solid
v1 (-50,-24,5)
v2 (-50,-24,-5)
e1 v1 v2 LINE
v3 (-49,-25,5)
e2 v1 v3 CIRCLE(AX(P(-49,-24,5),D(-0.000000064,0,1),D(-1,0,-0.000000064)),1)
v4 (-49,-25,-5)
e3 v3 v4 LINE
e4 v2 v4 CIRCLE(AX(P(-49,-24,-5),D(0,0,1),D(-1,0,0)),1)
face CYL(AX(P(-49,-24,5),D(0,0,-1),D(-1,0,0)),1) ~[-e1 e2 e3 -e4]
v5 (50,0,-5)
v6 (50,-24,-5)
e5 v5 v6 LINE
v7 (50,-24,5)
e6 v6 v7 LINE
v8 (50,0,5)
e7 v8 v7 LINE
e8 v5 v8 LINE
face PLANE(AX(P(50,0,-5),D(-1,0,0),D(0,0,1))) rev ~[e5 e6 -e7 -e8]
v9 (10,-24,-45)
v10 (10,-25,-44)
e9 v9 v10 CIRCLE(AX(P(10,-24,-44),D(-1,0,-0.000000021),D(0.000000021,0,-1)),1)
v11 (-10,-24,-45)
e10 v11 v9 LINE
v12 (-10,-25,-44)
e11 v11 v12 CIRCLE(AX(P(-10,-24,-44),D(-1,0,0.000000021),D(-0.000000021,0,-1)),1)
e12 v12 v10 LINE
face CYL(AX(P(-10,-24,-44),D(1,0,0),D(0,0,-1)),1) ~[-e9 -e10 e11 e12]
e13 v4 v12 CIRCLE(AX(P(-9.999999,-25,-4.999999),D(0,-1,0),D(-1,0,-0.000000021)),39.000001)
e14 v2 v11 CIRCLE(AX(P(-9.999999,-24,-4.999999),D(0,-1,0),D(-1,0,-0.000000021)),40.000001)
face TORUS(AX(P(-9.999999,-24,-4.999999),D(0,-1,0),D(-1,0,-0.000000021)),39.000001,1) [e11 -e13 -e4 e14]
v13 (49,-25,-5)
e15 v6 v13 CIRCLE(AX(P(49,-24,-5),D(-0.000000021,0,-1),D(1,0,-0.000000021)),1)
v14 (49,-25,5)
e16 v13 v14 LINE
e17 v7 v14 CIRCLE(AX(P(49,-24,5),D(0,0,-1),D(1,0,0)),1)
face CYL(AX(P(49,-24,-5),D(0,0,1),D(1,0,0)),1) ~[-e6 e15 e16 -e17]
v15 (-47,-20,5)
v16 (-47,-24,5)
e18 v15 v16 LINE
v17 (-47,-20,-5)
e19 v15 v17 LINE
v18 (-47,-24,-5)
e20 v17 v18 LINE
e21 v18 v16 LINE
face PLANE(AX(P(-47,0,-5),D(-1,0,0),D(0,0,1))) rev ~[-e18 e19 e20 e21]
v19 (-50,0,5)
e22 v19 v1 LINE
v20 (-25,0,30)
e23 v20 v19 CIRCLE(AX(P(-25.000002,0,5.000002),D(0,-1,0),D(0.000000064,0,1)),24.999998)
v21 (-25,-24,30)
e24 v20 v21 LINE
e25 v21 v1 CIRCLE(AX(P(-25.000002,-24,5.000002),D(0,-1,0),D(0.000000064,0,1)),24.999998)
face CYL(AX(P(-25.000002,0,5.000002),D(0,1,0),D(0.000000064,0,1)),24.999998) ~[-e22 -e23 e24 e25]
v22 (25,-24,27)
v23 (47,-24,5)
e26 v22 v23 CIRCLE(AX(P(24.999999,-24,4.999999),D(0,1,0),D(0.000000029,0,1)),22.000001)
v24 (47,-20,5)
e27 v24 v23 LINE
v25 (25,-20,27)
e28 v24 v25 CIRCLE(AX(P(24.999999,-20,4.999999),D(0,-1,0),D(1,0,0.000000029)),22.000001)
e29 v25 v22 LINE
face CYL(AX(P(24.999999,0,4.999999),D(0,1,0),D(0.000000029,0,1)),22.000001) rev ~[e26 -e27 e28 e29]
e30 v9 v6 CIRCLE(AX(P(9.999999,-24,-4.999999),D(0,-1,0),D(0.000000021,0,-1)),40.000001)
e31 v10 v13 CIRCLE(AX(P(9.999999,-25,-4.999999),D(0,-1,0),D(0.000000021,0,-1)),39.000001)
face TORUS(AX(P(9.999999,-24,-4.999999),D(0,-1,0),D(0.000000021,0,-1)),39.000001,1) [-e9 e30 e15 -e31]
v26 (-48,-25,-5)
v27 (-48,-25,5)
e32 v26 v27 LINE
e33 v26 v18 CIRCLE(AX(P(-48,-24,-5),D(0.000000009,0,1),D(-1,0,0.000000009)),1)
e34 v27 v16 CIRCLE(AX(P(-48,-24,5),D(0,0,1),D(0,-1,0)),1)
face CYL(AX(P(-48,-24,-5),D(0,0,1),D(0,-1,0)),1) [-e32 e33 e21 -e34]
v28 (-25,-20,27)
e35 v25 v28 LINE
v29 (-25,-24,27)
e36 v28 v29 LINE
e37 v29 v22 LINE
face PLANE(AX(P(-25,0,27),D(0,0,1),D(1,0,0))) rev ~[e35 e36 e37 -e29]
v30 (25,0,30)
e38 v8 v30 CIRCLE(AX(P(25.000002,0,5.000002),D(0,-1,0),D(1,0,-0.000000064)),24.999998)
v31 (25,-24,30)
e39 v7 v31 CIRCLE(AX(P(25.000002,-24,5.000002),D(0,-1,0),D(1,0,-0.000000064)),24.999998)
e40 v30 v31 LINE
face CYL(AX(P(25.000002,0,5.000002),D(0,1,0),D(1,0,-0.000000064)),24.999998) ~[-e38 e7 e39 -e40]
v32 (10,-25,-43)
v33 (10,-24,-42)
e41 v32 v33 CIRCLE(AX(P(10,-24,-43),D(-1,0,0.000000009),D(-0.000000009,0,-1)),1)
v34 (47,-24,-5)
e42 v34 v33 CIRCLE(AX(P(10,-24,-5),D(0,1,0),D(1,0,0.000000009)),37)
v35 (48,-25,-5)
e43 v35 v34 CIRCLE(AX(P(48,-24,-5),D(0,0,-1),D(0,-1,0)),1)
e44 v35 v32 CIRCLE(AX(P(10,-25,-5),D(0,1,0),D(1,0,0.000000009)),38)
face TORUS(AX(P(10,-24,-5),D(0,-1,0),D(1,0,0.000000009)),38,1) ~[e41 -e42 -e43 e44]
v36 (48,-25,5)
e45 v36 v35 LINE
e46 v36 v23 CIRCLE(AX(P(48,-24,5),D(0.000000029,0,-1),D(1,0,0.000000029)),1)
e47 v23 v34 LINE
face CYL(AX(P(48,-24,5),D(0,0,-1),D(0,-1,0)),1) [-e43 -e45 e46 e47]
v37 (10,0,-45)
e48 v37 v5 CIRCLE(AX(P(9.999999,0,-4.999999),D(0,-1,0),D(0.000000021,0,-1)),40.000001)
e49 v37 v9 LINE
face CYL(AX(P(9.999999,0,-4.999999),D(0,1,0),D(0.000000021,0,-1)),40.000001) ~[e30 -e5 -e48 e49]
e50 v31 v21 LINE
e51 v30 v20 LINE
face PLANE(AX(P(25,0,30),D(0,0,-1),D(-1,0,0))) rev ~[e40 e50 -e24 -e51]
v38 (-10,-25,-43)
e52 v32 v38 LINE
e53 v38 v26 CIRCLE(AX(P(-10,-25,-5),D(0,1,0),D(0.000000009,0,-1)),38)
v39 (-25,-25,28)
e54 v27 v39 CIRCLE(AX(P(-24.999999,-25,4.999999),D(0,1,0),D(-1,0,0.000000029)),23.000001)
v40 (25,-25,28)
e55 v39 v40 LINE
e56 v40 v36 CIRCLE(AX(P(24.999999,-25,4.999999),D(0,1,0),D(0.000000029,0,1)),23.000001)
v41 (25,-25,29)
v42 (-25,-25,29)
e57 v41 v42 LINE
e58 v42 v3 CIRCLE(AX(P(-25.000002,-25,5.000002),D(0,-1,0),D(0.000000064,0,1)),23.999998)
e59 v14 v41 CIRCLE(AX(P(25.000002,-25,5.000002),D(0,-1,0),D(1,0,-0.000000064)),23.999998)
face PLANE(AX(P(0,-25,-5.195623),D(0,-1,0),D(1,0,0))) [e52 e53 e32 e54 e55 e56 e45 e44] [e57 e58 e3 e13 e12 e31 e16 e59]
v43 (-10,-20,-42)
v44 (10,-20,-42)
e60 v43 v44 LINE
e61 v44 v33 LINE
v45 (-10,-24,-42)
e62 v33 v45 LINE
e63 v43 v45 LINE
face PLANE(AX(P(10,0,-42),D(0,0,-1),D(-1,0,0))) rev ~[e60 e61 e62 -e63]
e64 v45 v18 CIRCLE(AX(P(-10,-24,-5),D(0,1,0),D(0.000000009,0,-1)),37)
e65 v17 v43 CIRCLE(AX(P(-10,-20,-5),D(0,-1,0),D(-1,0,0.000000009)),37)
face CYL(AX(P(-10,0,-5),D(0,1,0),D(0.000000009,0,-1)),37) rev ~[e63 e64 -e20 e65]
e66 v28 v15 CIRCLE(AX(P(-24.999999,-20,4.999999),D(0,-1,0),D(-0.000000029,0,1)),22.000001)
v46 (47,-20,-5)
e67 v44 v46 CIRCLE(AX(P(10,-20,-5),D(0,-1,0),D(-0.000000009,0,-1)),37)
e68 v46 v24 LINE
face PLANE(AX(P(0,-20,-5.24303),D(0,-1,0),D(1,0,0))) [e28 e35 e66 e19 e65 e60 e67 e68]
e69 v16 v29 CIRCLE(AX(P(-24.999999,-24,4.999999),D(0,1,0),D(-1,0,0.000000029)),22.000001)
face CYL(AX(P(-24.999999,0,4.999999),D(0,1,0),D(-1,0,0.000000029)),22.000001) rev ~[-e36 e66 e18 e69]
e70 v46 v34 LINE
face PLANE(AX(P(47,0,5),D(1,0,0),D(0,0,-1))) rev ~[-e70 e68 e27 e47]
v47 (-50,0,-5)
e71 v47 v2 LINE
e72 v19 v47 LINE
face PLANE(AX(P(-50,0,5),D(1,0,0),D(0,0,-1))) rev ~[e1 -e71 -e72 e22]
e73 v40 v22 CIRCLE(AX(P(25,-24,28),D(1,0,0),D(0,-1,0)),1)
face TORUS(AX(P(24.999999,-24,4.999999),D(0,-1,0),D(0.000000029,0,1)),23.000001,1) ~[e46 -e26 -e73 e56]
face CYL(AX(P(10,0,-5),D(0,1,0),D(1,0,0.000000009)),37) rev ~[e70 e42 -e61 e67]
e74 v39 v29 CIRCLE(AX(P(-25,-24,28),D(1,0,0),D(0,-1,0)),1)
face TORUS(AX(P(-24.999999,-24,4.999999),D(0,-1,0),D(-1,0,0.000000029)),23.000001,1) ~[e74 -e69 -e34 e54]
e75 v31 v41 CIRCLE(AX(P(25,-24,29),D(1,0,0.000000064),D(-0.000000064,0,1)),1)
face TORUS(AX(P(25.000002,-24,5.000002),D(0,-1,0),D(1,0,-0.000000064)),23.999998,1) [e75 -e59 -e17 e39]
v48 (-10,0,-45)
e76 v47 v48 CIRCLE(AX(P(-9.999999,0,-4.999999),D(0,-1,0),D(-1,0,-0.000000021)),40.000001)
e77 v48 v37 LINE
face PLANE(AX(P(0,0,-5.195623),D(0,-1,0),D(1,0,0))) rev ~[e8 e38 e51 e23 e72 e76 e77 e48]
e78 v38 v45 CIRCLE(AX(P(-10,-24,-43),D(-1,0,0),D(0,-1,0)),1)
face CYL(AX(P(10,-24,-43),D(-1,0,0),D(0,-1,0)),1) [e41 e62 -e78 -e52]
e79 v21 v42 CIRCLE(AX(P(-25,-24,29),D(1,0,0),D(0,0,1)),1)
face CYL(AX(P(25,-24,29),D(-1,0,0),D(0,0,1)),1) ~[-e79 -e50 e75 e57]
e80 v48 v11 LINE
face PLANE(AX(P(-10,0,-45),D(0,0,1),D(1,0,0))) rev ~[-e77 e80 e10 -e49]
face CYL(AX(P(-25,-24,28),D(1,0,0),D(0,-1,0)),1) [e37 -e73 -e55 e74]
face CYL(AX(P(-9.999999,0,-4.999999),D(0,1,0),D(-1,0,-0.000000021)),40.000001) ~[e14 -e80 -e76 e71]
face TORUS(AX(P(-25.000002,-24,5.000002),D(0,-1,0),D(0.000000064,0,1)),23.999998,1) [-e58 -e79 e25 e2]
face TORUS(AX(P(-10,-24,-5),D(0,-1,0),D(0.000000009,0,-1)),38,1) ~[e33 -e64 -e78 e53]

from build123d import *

# Parameters (mm, degrees)
F1_DEPTH = 20
F2_DEPTH = 25
F3_R     = 1


with BuildPart() as f1:
    # F0 (on Front) → F1 (new body)
    with BuildSketch(Plane.XZ):
        with BuildLine():
            Line((25, 27), (-25, 27))
            ThreePointArc((-25, 27), (-40.556349, 20.556349), (-47, 5))
            Line((-47, 5), (-47, -5))
            ThreePointArc((-47, -5), (-36.162951, -31.162951), (-10, -42))
            Line((-10, -42), (10, -42))
            ThreePointArc((10, -42), (36.162951, -31.162951), (47, -5))
            Line((47, -5), (47, 5))
            ThreePointArc((47, 5), (40.556349, 20.556349), (25, 27))
        make_face()
    extrude(amount=F1_DEPTH)

    # F0 (on Front) → F2 (join)
    with BuildSketch(Plane.XZ):
        with BuildLine():
            ThreePointArc((10, -45), (38.284271, -33.284271), (50, -5))
            Line((50, -5), (50, 5))
            ThreePointArc((50, 5), (42.67767, 22.67767), (25, 30))
            Line((25, 30), (-25, 30))
            ThreePointArc((-25, 30), (-42.67767, 22.67767), (-50, 5))
            Line((-50, 5), (-50, -5))
            ThreePointArc((-50, -5), (-38.284271, -33.284271), (-10, -45))
            Line((-10, -45), (10, -45))
        make_face()
        with BuildLine():
            ThreePointArc((-47, 5), (-40.556349, 20.556349), (-25, 27))
            Line((-25, 27), (25, 27))
            ThreePointArc((25, 27), (40.556349, 20.556349), (47, 5))
            Line((47, 5), (47, -5))
            ThreePointArc((47, -5), (36.162951, -31.162951), (10, -42))
            Line((10, -42), (-10, -42))
            ThreePointArc((-10, -42), (-36.162951, -31.162951), (-47, -5))
            Line((-47, -5), (-47, 5))
        make_face(mode=Mode.SUBTRACT)
    extrude(amount=F2_DEPTH)

    # F3
    f3_edges = [f1.edges().sort_by_distance(p)[0] for p in [
        (0, -25, 27),
        (38.284271, -25, -33.284271),
    ]]
    fillet(f3_edges, radius=F3_R)


solid = f1.part
